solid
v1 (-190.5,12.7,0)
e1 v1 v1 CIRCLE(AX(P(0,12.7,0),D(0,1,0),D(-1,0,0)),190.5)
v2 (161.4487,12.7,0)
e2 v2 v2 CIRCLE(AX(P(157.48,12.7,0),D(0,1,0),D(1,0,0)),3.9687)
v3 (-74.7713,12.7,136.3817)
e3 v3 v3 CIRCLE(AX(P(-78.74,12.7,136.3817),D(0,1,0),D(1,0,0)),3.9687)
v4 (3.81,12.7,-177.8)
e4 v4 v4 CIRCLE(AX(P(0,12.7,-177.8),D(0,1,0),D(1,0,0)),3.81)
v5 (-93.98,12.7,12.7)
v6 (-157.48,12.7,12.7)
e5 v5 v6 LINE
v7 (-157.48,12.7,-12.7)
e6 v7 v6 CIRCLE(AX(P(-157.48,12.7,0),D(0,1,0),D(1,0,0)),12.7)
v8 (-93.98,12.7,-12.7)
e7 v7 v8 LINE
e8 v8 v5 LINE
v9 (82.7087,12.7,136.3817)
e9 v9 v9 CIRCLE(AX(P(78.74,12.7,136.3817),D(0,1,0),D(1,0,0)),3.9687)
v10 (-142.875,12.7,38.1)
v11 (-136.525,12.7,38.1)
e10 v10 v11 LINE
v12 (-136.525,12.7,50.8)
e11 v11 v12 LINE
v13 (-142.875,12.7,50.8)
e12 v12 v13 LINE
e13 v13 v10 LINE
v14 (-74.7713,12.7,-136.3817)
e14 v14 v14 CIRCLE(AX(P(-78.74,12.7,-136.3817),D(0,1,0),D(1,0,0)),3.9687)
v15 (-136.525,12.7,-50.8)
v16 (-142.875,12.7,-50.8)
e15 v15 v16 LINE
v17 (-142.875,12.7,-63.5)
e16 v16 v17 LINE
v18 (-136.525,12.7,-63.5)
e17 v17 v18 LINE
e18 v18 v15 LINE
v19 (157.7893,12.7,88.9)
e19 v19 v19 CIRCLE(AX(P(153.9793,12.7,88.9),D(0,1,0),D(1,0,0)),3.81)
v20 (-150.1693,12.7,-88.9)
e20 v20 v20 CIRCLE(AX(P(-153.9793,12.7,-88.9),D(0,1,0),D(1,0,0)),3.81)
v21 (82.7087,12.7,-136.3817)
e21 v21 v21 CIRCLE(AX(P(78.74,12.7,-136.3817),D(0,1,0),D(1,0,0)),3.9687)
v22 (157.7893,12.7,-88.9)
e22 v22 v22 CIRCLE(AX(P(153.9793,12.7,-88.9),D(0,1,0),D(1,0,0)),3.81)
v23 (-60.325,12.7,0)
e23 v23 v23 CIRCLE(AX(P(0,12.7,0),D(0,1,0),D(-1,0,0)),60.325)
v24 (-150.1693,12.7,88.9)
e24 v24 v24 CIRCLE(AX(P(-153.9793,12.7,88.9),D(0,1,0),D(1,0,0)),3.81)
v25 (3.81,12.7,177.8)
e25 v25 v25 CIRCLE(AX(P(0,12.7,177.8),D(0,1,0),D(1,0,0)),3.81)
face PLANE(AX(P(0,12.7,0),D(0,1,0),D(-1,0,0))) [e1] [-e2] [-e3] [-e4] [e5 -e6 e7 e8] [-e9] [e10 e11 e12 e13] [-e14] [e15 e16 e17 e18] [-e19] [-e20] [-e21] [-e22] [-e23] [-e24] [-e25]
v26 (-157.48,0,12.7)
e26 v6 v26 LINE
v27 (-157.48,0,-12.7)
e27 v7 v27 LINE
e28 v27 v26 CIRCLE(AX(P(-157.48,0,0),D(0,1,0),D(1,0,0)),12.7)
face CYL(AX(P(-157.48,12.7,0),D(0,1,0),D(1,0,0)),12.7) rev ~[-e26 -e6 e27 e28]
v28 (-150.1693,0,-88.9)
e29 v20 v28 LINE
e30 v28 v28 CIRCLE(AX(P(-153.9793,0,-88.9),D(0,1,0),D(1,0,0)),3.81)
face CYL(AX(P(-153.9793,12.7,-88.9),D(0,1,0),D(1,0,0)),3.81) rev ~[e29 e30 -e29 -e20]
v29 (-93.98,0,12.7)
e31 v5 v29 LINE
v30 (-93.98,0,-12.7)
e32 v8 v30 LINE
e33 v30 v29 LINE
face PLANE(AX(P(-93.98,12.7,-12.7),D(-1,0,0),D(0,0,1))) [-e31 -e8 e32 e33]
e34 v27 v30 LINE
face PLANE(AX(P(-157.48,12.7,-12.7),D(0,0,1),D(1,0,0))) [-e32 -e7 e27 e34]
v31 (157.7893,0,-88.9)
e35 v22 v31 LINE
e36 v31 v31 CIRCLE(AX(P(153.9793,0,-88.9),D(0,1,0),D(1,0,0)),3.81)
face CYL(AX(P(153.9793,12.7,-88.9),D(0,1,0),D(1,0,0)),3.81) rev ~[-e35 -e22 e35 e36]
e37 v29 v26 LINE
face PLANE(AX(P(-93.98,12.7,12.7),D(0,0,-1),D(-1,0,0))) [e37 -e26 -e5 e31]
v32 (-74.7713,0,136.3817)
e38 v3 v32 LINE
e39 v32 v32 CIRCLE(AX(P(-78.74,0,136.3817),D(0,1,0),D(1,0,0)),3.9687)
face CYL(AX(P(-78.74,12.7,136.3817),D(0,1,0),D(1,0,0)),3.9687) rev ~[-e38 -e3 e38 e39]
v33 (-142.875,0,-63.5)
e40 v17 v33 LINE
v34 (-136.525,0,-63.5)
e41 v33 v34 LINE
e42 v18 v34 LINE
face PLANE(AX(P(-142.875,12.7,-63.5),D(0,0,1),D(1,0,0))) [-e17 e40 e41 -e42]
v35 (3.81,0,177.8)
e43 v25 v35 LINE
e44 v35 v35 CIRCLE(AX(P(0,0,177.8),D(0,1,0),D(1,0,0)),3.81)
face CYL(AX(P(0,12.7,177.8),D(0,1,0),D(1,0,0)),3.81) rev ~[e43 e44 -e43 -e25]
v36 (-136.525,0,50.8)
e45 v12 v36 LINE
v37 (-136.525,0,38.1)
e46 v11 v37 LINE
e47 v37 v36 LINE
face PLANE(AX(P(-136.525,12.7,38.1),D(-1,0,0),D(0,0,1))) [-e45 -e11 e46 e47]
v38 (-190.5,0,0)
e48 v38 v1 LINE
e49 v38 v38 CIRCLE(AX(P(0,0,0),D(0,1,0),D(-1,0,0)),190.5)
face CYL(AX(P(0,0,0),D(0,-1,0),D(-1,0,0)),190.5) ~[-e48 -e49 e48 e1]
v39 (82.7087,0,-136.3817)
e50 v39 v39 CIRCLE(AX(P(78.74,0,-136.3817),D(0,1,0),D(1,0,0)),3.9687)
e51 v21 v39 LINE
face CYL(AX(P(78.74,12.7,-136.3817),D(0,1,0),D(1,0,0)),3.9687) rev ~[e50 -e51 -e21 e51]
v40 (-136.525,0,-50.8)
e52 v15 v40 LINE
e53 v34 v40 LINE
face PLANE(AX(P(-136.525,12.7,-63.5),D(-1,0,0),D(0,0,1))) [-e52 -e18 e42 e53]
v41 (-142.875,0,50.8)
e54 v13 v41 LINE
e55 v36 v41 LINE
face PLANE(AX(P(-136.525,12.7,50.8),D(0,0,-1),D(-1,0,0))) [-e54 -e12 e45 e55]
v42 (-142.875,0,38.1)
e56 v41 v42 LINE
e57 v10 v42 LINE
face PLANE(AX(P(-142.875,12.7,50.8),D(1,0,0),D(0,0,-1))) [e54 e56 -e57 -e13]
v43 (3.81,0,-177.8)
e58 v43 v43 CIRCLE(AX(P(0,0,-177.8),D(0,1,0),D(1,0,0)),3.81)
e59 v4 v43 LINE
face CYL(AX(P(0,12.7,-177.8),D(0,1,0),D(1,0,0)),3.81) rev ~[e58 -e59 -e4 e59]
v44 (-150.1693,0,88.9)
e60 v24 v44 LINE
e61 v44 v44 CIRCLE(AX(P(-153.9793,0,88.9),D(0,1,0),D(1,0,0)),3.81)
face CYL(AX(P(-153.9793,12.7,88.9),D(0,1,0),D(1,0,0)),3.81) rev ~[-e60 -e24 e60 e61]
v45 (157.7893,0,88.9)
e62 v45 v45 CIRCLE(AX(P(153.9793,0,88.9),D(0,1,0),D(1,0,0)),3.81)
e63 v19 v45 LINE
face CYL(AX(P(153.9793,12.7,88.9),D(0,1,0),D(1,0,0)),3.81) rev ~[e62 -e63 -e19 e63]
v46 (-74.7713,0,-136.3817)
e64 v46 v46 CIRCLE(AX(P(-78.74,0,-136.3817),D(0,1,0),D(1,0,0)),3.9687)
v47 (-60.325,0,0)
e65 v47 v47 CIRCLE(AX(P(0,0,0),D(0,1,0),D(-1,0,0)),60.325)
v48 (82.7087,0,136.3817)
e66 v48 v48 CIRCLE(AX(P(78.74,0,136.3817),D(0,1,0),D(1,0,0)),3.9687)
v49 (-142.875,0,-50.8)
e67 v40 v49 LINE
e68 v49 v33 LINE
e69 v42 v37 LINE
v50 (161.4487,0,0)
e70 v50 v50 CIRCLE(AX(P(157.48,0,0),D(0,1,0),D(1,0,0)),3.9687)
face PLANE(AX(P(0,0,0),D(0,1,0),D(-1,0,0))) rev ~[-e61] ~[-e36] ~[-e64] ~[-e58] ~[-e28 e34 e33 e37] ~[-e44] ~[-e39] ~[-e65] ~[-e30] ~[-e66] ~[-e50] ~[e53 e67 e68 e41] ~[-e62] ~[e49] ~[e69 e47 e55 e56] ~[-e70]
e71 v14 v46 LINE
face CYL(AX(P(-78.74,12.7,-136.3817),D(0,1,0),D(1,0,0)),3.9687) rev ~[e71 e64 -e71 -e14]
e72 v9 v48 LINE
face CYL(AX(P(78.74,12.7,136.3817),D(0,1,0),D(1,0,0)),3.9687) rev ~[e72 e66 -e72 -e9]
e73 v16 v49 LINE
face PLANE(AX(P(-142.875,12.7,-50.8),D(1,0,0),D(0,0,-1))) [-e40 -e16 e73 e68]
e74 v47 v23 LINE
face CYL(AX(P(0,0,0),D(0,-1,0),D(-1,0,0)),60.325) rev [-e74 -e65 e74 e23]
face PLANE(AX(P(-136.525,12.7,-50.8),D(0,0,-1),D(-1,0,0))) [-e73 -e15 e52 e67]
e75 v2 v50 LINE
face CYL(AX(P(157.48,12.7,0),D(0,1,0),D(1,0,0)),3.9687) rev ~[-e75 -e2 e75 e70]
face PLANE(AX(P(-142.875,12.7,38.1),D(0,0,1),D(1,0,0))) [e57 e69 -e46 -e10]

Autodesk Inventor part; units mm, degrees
ref_plane "YZ Plane" through (0, 0, 0) normal (1, 0, 0) x (0, 1, 0)
ref_plane "XZ Plane" through (0, 0, 0) normal (0, 1, 0) x (-1, 0, 0)
ref_plane "XY Plane" through (0, 0, 0) normal (0, 0, 1) x (1, 0, 0)
sketch "Sketch1" plane through (0, 0, 0) normal (0, 1, 0) x (-1, 0, 0)
  circle A0 centre (0, 0) radius 190.5
  circle A1 centre (0, 0) radius 60.325
  dimension "d0" = 381
  dimension "d1" = 120.65
extrude "Extrusion1" add sketch "Sketch1" along normal blind 12.7
sketch "Sketch2" plane through (0, 12.7, 0) normal (0, 1, 0) x (1, 0, 0)
  line L0 (-142.875, 63.5) -> (-136.525, 63.5)
  line L1 (-136.525, 63.5) -> (-136.525, 50.8)
  line L2 (-136.525, 50.8) -> (-142.875, 50.8)
  line L3 (-142.875, 50.8) -> (-142.875, 63.5)
  line L4 (-136.525, 50.8) -> (-136.525, -50.8) construction
  line L5 (-111.125, 50.8) -> (-212.725, 50.8) construction
  line L6 (-136.525, -50.8) -> (-142.875, -50.8)
  line L7 (-142.875, -50.8) -> (-142.875, -38.1)
  line L8 (-142.875, -38.1) -> (-136.525, -38.1)
  line L9 (-136.525, -38.1) -> (-136.525, -50.8)
  line L10 (-136.525, 0) -> (-60.325, 0) construction
  line L11 (-136.525, 0) -> (-60.325, 0) construction
  circle A0 centre (0, 0) radius 85.725 construction
  line L12 (0, 0) -> (-85.725, 0) construction
  dimension "d4" = 6.35
  dimension "d5" = 12.7
  dimension "d6" = 101.6
  dimension "d7" = 90
  dimension "d8" = 6.35
  dimension "d9" = 12.7
  dimension "d10" = 76.2
  dimension "d11" = 0
extrude "Extrusion2" cut sketch "Sketch2" against normal through all
sketch "Sketch3" plane through (0, 12.7, 0) normal (0, 1, 0) x (1, 0, 0)
  circle A0 centre (0, 0) radius 157.48 construction
  circle A1 centre (-157.48, 0) radius 3.9687
  circle A2 centre (-78.74, -136.3817) radius 3.9687
  circle A3 centre (78.74, -136.3817) radius 3.9687
  circle A4 centre (157.48, 0) radius 3.9687
  circle A5 centre (78.74, 136.3817) radius 3.9687
  circle A6 centre (-78.74, 136.3817) radius 3.9687
  dimension "d16" = 314.96
  dimension "d17" = 7.9375
  dimension "d18" = 360
extrude "Extrusion3" cut sketch "Sketch3" against normal through all
sketch "Sketch4" plane through (0, 12.7, 0) normal (0, 1, 0) x (1, 0, 0)
  line L0 (0, 0) -> (0, -177.8) construction
  line L1 (0, 0) -> (177.8, 0) construction
  circle A0 centre (0, -177.8) radius 3.81
  circle A1 centre (153.9793, -88.9) radius 3.81
  circle A2 centre (153.9793, 88.9) radius 3.81
  circle A3 centre (0, 177.8) radius 3.81
  circle A4 centre (-153.9793, 88.9) radius 3.81
  circle A5 centre (-153.9793, -88.9) radius 3.81
  dimension "d21" = 177.8
  dimension "d22" = 90
  dimension "d23" = 7.62
  dimension "d26" = 360
extrude "Extrusion4" cut sketch "Sketch4" against normal through all
sketch "Sketch5" plane through (0, 12.7, 0) normal (0, 1, 0) x (1, 0, 0)
  circle A0 centre (-157.48, 0) radius 3.9687 projected
  circle A1 centre (-157.48, 0) radius 12.7
  point P0 (0, 0)
  dimension "d30" = 25.4
extrude "Extrusion5" cut sketch "Sketch5" against normal through all
sketch "Sketch6" plane through (0, 12.7, 0) normal (0, 1, 0) x (1, 0, 0)
  circle A0 centre (-157.48, 0) radius 12.7 projected
  line L0 (-157.48, 12.7) -> (-93.98, 12.7)
  line L1 (-93.98, 12.7) -> (-93.98, -12.7)
  line L2 (-93.98, -12.7) -> (-157.48, -12.7)
  line L3 (-157.48, -12.7) -> (-157.48, 12.7)
  point P0 (0, 0)
  dimension "d33" = 63.5
extrude "Extrusion6" cut sketch "Sketch6" against normal through all contours A0 L3 | A0 L0 L1 L2 picked at (-153.2467, 0)
equation "\"d4\" = d8"
properties part number "Turntable Mid" material "PVC-Piping"
